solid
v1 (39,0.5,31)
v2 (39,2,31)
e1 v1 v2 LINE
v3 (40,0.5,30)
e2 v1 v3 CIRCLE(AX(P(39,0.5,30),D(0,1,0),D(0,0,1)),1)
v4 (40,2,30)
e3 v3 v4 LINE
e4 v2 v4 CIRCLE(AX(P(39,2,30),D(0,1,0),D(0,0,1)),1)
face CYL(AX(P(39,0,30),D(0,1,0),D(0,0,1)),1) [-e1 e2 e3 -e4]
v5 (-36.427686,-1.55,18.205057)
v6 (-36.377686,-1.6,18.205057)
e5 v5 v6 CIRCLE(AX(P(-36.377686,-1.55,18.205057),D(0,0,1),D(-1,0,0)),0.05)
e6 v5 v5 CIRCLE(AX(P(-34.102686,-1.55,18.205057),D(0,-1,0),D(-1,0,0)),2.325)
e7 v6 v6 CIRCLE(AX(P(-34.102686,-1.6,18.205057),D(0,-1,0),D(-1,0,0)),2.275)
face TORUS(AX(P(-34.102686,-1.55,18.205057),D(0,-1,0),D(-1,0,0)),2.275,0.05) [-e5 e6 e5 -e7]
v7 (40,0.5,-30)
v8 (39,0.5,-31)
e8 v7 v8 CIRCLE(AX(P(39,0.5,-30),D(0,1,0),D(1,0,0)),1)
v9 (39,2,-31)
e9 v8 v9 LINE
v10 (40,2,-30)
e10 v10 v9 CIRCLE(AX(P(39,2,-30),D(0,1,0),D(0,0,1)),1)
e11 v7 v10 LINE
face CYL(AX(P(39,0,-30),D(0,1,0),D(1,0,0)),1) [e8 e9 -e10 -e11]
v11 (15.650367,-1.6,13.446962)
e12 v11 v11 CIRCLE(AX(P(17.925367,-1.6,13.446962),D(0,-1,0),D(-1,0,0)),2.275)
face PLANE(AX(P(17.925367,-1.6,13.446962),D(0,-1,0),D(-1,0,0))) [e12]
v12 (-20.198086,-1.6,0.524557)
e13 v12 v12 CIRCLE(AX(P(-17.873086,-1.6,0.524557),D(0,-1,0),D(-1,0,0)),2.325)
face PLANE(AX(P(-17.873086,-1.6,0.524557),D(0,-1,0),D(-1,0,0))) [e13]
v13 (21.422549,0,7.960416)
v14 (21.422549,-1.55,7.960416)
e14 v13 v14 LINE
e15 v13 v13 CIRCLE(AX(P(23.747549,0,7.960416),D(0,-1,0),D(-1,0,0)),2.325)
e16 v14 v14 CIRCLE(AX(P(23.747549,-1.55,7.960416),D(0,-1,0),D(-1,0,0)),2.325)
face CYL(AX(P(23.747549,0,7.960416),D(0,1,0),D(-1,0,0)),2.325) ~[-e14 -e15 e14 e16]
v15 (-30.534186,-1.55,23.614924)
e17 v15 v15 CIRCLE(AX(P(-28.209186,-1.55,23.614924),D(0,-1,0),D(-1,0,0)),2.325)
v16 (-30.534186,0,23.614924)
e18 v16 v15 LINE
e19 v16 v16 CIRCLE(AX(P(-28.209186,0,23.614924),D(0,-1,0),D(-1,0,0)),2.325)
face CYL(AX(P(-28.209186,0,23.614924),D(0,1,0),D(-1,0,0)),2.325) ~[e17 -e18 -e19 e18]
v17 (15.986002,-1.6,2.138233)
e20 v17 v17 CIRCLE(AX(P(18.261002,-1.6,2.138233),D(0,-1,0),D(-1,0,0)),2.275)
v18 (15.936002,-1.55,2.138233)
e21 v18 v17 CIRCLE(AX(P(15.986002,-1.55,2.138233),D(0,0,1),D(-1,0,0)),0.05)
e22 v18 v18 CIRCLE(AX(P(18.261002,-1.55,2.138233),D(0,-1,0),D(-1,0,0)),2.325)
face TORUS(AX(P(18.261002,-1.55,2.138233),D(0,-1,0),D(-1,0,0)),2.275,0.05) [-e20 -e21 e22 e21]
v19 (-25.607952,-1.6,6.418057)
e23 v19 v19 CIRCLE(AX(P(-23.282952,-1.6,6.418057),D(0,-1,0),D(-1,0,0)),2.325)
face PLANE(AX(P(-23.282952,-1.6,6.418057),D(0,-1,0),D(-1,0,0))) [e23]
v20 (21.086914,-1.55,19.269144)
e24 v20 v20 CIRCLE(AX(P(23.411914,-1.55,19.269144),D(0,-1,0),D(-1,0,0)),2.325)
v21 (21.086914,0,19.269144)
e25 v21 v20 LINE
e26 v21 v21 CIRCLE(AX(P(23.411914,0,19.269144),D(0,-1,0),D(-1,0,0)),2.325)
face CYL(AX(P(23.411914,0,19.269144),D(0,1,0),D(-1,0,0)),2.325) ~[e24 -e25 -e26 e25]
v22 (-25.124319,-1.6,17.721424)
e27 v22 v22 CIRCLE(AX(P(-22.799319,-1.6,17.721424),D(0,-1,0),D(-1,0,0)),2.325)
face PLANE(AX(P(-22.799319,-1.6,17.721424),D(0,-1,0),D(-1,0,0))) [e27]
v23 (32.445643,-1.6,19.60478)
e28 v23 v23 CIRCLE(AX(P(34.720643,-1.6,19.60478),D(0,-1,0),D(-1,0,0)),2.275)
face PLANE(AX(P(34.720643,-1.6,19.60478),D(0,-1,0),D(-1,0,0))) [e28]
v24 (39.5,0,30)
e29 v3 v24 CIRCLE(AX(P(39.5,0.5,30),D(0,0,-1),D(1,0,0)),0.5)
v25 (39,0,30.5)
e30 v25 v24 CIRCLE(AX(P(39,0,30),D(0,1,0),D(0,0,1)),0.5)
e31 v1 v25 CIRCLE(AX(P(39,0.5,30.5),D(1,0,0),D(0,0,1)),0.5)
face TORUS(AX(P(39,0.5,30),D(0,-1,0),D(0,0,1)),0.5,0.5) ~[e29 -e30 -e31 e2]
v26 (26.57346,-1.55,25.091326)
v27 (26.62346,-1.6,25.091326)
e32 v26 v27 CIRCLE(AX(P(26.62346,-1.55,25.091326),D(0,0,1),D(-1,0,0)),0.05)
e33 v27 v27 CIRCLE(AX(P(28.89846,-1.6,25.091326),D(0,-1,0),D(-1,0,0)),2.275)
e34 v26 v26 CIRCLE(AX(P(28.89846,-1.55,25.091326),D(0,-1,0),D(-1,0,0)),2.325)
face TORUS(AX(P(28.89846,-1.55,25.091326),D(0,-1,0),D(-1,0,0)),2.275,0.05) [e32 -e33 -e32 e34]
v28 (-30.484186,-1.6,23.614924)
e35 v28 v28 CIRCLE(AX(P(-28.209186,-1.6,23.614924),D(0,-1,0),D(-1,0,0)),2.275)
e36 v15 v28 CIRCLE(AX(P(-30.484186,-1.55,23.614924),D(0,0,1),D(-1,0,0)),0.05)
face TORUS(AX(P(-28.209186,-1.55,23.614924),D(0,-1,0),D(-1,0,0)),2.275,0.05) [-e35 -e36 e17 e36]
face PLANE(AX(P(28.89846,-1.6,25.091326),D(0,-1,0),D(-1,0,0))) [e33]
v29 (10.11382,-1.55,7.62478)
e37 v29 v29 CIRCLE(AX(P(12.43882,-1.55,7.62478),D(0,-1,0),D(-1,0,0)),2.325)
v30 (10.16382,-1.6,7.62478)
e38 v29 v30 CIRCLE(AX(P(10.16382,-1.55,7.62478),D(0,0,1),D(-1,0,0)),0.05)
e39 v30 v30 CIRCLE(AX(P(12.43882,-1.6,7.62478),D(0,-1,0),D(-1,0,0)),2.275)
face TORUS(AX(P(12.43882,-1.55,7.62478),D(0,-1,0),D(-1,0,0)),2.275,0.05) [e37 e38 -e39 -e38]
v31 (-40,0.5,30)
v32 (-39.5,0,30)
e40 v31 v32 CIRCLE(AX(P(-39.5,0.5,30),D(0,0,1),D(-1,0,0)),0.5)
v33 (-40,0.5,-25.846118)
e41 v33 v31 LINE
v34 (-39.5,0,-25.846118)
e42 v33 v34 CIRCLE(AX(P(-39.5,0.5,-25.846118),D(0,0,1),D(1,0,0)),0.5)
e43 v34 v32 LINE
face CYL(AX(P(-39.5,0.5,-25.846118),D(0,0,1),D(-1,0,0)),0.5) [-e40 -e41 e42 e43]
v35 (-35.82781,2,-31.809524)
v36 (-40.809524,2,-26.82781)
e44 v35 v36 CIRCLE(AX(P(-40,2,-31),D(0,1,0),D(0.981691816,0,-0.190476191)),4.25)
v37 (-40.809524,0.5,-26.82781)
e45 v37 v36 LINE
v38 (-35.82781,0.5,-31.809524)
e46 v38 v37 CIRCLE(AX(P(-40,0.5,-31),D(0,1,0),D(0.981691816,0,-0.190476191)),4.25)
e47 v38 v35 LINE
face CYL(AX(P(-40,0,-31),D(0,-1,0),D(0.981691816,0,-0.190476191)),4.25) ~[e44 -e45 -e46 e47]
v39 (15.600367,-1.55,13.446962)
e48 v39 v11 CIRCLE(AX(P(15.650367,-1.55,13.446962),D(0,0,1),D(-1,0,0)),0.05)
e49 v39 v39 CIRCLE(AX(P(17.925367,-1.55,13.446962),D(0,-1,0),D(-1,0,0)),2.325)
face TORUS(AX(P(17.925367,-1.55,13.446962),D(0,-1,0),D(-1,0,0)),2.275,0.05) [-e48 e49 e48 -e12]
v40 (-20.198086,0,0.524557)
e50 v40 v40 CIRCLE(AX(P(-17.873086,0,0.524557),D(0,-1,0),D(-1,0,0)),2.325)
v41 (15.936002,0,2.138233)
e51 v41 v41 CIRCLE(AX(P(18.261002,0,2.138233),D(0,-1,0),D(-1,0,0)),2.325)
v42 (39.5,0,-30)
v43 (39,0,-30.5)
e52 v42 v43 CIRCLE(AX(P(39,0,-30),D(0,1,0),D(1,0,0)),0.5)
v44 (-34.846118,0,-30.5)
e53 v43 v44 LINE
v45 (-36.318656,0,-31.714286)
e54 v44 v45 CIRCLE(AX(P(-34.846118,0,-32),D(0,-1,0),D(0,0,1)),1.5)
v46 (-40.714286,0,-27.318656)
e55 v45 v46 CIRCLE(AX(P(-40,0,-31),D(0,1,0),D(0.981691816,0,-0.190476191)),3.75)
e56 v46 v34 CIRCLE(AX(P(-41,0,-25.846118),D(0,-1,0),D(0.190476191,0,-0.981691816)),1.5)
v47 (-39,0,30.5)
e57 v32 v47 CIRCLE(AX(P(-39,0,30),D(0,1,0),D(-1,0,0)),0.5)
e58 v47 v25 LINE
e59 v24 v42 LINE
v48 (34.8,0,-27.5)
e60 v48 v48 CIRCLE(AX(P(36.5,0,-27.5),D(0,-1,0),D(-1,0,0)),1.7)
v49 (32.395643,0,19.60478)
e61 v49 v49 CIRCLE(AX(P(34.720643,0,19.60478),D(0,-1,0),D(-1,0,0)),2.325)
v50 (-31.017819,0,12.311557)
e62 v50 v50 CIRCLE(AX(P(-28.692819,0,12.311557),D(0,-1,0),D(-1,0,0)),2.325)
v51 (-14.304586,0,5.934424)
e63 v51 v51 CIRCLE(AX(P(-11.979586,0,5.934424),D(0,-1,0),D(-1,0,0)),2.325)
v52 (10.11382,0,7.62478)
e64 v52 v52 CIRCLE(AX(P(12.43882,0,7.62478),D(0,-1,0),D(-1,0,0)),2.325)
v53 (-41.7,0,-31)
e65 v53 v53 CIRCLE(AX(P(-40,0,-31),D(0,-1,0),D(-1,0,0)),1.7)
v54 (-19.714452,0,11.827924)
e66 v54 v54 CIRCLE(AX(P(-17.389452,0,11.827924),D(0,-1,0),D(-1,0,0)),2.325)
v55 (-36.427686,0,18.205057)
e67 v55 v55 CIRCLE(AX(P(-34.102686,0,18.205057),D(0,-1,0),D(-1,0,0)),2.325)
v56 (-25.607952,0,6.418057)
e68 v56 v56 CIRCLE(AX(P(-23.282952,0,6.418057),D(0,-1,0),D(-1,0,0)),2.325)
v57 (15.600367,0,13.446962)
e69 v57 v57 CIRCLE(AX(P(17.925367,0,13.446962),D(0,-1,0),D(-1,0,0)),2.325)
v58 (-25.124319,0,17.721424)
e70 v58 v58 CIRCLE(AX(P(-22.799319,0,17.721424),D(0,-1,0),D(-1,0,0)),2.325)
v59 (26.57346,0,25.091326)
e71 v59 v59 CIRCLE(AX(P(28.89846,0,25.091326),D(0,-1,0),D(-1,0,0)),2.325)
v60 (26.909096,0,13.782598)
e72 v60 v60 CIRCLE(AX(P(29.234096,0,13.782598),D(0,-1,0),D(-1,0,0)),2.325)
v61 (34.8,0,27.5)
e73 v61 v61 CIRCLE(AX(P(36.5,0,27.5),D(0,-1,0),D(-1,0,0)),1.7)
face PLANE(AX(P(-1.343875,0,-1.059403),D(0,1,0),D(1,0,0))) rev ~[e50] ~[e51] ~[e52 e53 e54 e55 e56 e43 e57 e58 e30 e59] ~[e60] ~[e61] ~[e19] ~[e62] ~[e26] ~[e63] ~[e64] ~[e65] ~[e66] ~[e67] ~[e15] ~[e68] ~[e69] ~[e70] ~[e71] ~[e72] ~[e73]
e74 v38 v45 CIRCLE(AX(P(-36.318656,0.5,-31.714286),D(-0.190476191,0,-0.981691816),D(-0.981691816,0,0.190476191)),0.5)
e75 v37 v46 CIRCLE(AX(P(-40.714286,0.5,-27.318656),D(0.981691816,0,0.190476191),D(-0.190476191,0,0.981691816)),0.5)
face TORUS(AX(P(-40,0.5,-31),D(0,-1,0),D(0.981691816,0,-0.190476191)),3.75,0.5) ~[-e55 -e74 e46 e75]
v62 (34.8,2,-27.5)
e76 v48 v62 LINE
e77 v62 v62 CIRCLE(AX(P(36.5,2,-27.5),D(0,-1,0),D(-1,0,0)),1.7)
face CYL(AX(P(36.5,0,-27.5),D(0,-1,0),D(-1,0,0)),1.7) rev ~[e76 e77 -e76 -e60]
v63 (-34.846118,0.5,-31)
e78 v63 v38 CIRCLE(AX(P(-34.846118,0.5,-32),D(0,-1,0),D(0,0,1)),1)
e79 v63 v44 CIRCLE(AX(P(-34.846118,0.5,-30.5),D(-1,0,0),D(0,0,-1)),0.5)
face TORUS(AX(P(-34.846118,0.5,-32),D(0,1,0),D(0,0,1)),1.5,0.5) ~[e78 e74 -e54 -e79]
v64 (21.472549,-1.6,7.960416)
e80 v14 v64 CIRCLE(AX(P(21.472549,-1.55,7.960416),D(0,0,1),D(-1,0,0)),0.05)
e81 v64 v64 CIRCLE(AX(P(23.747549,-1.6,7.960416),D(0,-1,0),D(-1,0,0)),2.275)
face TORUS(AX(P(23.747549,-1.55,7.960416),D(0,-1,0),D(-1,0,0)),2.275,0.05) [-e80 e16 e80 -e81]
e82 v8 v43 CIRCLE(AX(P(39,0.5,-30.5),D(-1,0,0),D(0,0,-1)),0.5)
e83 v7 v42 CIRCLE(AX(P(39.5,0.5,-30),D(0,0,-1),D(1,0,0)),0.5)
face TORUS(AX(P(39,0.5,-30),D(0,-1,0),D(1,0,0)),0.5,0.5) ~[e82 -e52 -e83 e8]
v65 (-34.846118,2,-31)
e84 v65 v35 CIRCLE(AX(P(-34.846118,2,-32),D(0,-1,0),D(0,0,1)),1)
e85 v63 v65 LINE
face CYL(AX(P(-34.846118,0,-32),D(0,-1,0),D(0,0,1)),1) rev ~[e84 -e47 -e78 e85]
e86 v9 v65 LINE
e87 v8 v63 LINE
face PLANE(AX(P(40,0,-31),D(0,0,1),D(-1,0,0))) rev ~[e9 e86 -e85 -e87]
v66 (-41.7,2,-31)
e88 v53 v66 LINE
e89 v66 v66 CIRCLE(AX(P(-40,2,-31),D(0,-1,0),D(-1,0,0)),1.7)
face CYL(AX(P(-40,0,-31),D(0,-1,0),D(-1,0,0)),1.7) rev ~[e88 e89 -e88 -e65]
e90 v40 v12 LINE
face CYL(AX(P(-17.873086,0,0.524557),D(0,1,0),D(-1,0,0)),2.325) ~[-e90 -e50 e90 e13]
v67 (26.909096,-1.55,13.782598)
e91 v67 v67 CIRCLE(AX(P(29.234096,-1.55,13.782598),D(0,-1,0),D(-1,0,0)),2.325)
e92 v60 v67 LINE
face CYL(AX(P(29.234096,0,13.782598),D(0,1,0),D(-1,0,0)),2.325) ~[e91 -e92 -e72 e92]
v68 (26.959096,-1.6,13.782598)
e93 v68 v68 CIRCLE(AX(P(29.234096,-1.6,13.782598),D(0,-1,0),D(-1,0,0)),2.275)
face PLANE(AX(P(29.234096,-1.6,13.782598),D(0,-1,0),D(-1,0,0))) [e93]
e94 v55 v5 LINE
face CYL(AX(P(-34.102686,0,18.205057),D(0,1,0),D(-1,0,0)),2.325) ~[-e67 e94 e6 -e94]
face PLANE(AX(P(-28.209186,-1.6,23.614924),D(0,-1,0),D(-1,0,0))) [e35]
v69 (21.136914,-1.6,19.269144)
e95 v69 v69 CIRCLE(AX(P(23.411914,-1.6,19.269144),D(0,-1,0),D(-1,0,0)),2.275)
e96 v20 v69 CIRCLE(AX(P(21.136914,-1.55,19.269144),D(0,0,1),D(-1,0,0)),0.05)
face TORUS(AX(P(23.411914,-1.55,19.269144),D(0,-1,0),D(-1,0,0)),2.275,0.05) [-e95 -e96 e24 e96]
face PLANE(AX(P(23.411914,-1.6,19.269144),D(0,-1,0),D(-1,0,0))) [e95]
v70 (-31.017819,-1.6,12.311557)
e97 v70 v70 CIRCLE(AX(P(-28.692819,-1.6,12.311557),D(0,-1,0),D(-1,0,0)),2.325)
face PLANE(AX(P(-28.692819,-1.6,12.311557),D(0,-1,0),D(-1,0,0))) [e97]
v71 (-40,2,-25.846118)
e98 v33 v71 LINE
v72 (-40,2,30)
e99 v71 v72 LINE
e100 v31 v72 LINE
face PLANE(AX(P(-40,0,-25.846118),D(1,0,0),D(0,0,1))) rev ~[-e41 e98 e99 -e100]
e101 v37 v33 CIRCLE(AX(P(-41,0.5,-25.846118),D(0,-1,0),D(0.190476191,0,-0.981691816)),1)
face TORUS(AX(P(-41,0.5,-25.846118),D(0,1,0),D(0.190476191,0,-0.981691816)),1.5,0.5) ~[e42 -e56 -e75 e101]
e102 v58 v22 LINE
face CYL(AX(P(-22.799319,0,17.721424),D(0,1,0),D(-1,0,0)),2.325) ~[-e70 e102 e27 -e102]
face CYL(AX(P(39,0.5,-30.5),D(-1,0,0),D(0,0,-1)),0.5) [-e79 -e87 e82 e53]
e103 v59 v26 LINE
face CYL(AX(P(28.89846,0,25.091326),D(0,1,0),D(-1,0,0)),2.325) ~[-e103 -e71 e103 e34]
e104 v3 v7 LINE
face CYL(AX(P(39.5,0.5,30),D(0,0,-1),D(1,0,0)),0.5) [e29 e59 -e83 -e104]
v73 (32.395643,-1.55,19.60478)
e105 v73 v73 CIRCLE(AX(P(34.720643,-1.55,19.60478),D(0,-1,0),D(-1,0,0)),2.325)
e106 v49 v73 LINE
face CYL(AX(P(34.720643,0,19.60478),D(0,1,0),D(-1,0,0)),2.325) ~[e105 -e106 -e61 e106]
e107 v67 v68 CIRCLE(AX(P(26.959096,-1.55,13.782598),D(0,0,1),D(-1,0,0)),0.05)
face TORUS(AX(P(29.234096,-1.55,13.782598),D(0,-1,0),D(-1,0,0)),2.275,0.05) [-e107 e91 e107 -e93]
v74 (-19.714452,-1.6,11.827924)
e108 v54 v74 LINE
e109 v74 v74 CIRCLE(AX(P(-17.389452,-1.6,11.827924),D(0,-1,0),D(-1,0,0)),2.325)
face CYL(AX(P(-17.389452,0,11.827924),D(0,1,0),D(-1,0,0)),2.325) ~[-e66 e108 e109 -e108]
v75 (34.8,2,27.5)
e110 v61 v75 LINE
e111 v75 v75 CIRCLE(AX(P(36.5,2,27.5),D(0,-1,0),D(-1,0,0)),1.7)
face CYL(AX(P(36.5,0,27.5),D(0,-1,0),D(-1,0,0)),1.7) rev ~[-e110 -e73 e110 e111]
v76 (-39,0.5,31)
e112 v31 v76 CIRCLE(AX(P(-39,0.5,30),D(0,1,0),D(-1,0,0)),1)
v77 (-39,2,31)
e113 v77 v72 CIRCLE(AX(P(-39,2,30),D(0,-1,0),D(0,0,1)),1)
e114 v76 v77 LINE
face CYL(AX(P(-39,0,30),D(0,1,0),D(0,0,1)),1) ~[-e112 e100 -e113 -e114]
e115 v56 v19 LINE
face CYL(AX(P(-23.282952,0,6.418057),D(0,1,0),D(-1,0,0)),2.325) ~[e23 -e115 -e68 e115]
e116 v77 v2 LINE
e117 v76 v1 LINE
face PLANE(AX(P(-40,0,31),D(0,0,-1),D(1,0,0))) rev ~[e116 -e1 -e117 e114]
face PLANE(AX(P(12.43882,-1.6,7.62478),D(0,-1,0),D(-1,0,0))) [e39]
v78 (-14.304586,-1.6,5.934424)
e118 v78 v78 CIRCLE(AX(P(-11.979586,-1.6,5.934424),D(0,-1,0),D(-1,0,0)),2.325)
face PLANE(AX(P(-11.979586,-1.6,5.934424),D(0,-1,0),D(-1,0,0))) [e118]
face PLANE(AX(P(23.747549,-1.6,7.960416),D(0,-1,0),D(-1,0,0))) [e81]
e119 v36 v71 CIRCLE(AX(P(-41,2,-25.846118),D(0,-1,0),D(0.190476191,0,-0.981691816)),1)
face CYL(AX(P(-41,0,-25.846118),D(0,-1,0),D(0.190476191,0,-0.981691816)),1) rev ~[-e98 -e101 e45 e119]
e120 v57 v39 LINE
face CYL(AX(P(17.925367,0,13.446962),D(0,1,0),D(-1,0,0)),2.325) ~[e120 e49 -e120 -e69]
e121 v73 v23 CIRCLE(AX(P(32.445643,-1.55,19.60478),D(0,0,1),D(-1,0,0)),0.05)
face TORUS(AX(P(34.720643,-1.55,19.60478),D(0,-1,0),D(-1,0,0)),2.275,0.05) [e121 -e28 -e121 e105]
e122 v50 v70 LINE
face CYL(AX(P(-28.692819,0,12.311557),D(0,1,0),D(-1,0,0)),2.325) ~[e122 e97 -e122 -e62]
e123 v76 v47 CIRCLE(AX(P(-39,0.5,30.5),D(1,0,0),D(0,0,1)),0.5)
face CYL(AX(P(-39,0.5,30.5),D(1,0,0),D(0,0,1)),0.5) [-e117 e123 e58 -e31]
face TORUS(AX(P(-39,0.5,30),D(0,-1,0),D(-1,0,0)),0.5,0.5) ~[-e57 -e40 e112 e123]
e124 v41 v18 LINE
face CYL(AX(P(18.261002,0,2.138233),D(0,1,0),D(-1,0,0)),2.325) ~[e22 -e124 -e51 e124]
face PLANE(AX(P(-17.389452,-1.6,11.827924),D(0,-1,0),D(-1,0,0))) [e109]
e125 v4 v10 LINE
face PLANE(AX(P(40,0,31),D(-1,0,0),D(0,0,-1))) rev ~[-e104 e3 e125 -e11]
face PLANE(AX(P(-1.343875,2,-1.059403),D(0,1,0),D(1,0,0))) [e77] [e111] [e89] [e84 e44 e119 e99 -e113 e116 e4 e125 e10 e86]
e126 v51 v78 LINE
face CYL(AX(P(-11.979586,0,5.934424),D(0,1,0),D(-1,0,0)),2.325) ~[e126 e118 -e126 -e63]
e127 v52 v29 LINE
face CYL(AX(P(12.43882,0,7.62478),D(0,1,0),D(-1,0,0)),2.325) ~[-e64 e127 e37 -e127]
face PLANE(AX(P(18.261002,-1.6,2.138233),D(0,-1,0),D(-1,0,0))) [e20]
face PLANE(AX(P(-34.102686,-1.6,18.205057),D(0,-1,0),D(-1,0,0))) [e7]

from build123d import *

# Parameters (mm, degrees)
MAIN_BODY_DEPTH        = 2
CORNERS_R              = 1
EDGE_2_R               = 0.5
SKETCH7_R              = 1.7
LID_HOLES_DEPTH        = 1
LID_HOLES_DEPTH_BACK   = 3
SKETCH4_R              = 2.325
BOSS_EXTRUDE3_DEPTH    = 1.6
FILLET3_R              = 0.05
LPATTERN5_COUNT        = 4
LPATTERN5_PITCH        = 8
FILLET3_OF_LPATTERN5_R = 0.05
SKETCH9_R              = 2.325
PEGS_DIAGONAL_DEPTH    = 1.6
FILLET6_R              = 0.05
LPATTERN6_COUNT        = 4
LPATTERN6_PITCH        = 8


with BuildPart() as part:
    # Sketch1 → Main Body (new body)
    with BuildSketch(Plane(origin=(0, 0, 0), x_dir=(1, 0, 0), z_dir=(0, 1, 0))):
        with BuildLine():
            Line((-40, -31), (40, -31))
            Line((40, -31), (40, 31))
            Line((40, 31), (-34.846117968, 31))
            ThreePointArc((-34.846117968, 31), (-35.482326978, 31.22848325), (-35.827809784, 31.80952381))
            ThreePointArc((-35.827809784, 31.80952381), (-43.00520382, 34.00520382), (-40.80952381, 26.827809784))
            ThreePointArc((-40.80952381, 26.827809784), (-40.22848325, 26.482326978), (-40, 25.846117968))
            Line((-40, 25.846117968), (-40, -31))
        make_face()
    extrude(amount=MAIN_BODY_DEPTH)

    # Corners
    corners_edges = [part.edges().sort_by_distance(p)[0] for p in [
        (40, 1, 31),
        (-40, 1, 31),
        (40, 1, -31),
    ]]
    fillet(corners_edges, radius=CORNERS_R)

    # Edge 2
    edge_2_edges = [part.edges().sort_by_distance(p)[0] for p in [
        (0, 0, 31),
        (40, 0, 0),
        (2.076941016, 0, -31),
        (39.707106781, 0, 30.707106781),
        (39.707106781, 0, -30.707106781),
        (-39.707106781, 0, 30.707106781),
        (-40, 0, 2.076941016),
        (-40.22848325, 0, -26.482326978),
        (-43.00520382, 0, -34.00520382),
        (-35.482326978, 0, -31.22848325),
    ]]
    fillet(edge_2_edges, radius=EDGE_2_R)

    # Sketch7 → Lid Holes (cut, two sides)
    with BuildSketch(Plane(origin=(0, 0, 0), x_dir=(-1, 0, 0), z_dir=(0, -1, 0))) as lid_holes_sk:
        with Locations((-36.5, 27.5)):
            Circle(SKETCH7_R)
        with Locations((-36.5, -27.5)):
            Circle(SKETCH7_R)
        with Locations((40, 31)):
            Circle(SKETCH7_R)
    extrude(amount=LID_HOLES_DEPTH, mode=Mode.SUBTRACT)
    extrude(lid_holes_sk.sketch, amount=-LID_HOLES_DEPTH_BACK, mode=Mode.SUBTRACT)

    # Sketch4 → Boss-Extrude3 (add)
    with BuildSketch(Plane(origin=(0, 0, 0), x_dir=(-1, 0, 0), z_dir=(0, -1, 0))):
        with Locations((-34.720642539, -19.604779645)):
            Circle(SKETCH4_R)
        with Locations((-28.898460478, -25.091326468)):
            Circle(SKETCH4_R)
    boss_extrude3 = extrude(amount=BOSS_EXTRUDE3_DEPTH)

    # Fillet3
    fillet3_edges = [part.edges().sort_by_distance(p)[0] for p in [
        (37.045642539, -1.6, 19.604779645),
        (31.223460478, -1.6, 25.091326468),
    ]]
    fillet(fillet3_edges, radius=FILLET3_R)

    # LPattern5: Boss-Extrude3 ×4
    with Locations(*[Vector(-0.685818353, 0, -0.727772758) * (i * LPATTERN5_PITCH) for i in range(1, LPATTERN5_COUNT)]):
        add(boss_extrude3)

    # Fillet3 of LPattern5
    fillet3_of_lpattern5_edges = [part.edges().sort_by_distance(p)[0] for p in [
        (31.559095716, -1.6, 13.782597583),
        (25.736913654, -1.6, 19.269144407),
        (26.072548892, -1.6, 7.960415522),
        (20.250366831, -1.6, 13.446962346),
        (20.586002069, -1.6, 2.138233461),
        (14.763820008, -1.6, 7.624780284),
    ]]
    fillet(fillet3_of_lpattern5_edges, radius=FILLET3_OF_LPATTERN5_R)

    # Sketch9 → Pegs (Diagonal) (add)
    with BuildSketch(Plane(origin=(0, 0, 0), x_dir=(-1, 0, 0), z_dir=(0, -1, 0))):
        with Locations((28.209185967, -23.614923749)):
            Circle(SKETCH9_R)
        with Locations((34.102685906, -18.20505698)):
            Circle(SKETCH9_R)
    pegs_diagonal = extrude(amount=PEGS_DIAGONAL_DEPTH)

    # Fillet6
    fillet6_edges = [part.edges().sort_by_distance(p)[0] for p in [
        (-25.884185967, -1.6, 23.614923749),
        (-31.777685906, -1.6, 18.20505698),
    ]]
    fillet(fillet6_edges, radius=FILLET6_R)

    # LPattern6: Pegs (Diagonal) ×4
    with Locations(*[Vector(0.676233346, 0, -0.736687492) * (i * LPATTERN6_PITCH) for i in range(1, LPATTERN6_COUNT)]):
        add(pegs_diagonal)


solid = part.part
